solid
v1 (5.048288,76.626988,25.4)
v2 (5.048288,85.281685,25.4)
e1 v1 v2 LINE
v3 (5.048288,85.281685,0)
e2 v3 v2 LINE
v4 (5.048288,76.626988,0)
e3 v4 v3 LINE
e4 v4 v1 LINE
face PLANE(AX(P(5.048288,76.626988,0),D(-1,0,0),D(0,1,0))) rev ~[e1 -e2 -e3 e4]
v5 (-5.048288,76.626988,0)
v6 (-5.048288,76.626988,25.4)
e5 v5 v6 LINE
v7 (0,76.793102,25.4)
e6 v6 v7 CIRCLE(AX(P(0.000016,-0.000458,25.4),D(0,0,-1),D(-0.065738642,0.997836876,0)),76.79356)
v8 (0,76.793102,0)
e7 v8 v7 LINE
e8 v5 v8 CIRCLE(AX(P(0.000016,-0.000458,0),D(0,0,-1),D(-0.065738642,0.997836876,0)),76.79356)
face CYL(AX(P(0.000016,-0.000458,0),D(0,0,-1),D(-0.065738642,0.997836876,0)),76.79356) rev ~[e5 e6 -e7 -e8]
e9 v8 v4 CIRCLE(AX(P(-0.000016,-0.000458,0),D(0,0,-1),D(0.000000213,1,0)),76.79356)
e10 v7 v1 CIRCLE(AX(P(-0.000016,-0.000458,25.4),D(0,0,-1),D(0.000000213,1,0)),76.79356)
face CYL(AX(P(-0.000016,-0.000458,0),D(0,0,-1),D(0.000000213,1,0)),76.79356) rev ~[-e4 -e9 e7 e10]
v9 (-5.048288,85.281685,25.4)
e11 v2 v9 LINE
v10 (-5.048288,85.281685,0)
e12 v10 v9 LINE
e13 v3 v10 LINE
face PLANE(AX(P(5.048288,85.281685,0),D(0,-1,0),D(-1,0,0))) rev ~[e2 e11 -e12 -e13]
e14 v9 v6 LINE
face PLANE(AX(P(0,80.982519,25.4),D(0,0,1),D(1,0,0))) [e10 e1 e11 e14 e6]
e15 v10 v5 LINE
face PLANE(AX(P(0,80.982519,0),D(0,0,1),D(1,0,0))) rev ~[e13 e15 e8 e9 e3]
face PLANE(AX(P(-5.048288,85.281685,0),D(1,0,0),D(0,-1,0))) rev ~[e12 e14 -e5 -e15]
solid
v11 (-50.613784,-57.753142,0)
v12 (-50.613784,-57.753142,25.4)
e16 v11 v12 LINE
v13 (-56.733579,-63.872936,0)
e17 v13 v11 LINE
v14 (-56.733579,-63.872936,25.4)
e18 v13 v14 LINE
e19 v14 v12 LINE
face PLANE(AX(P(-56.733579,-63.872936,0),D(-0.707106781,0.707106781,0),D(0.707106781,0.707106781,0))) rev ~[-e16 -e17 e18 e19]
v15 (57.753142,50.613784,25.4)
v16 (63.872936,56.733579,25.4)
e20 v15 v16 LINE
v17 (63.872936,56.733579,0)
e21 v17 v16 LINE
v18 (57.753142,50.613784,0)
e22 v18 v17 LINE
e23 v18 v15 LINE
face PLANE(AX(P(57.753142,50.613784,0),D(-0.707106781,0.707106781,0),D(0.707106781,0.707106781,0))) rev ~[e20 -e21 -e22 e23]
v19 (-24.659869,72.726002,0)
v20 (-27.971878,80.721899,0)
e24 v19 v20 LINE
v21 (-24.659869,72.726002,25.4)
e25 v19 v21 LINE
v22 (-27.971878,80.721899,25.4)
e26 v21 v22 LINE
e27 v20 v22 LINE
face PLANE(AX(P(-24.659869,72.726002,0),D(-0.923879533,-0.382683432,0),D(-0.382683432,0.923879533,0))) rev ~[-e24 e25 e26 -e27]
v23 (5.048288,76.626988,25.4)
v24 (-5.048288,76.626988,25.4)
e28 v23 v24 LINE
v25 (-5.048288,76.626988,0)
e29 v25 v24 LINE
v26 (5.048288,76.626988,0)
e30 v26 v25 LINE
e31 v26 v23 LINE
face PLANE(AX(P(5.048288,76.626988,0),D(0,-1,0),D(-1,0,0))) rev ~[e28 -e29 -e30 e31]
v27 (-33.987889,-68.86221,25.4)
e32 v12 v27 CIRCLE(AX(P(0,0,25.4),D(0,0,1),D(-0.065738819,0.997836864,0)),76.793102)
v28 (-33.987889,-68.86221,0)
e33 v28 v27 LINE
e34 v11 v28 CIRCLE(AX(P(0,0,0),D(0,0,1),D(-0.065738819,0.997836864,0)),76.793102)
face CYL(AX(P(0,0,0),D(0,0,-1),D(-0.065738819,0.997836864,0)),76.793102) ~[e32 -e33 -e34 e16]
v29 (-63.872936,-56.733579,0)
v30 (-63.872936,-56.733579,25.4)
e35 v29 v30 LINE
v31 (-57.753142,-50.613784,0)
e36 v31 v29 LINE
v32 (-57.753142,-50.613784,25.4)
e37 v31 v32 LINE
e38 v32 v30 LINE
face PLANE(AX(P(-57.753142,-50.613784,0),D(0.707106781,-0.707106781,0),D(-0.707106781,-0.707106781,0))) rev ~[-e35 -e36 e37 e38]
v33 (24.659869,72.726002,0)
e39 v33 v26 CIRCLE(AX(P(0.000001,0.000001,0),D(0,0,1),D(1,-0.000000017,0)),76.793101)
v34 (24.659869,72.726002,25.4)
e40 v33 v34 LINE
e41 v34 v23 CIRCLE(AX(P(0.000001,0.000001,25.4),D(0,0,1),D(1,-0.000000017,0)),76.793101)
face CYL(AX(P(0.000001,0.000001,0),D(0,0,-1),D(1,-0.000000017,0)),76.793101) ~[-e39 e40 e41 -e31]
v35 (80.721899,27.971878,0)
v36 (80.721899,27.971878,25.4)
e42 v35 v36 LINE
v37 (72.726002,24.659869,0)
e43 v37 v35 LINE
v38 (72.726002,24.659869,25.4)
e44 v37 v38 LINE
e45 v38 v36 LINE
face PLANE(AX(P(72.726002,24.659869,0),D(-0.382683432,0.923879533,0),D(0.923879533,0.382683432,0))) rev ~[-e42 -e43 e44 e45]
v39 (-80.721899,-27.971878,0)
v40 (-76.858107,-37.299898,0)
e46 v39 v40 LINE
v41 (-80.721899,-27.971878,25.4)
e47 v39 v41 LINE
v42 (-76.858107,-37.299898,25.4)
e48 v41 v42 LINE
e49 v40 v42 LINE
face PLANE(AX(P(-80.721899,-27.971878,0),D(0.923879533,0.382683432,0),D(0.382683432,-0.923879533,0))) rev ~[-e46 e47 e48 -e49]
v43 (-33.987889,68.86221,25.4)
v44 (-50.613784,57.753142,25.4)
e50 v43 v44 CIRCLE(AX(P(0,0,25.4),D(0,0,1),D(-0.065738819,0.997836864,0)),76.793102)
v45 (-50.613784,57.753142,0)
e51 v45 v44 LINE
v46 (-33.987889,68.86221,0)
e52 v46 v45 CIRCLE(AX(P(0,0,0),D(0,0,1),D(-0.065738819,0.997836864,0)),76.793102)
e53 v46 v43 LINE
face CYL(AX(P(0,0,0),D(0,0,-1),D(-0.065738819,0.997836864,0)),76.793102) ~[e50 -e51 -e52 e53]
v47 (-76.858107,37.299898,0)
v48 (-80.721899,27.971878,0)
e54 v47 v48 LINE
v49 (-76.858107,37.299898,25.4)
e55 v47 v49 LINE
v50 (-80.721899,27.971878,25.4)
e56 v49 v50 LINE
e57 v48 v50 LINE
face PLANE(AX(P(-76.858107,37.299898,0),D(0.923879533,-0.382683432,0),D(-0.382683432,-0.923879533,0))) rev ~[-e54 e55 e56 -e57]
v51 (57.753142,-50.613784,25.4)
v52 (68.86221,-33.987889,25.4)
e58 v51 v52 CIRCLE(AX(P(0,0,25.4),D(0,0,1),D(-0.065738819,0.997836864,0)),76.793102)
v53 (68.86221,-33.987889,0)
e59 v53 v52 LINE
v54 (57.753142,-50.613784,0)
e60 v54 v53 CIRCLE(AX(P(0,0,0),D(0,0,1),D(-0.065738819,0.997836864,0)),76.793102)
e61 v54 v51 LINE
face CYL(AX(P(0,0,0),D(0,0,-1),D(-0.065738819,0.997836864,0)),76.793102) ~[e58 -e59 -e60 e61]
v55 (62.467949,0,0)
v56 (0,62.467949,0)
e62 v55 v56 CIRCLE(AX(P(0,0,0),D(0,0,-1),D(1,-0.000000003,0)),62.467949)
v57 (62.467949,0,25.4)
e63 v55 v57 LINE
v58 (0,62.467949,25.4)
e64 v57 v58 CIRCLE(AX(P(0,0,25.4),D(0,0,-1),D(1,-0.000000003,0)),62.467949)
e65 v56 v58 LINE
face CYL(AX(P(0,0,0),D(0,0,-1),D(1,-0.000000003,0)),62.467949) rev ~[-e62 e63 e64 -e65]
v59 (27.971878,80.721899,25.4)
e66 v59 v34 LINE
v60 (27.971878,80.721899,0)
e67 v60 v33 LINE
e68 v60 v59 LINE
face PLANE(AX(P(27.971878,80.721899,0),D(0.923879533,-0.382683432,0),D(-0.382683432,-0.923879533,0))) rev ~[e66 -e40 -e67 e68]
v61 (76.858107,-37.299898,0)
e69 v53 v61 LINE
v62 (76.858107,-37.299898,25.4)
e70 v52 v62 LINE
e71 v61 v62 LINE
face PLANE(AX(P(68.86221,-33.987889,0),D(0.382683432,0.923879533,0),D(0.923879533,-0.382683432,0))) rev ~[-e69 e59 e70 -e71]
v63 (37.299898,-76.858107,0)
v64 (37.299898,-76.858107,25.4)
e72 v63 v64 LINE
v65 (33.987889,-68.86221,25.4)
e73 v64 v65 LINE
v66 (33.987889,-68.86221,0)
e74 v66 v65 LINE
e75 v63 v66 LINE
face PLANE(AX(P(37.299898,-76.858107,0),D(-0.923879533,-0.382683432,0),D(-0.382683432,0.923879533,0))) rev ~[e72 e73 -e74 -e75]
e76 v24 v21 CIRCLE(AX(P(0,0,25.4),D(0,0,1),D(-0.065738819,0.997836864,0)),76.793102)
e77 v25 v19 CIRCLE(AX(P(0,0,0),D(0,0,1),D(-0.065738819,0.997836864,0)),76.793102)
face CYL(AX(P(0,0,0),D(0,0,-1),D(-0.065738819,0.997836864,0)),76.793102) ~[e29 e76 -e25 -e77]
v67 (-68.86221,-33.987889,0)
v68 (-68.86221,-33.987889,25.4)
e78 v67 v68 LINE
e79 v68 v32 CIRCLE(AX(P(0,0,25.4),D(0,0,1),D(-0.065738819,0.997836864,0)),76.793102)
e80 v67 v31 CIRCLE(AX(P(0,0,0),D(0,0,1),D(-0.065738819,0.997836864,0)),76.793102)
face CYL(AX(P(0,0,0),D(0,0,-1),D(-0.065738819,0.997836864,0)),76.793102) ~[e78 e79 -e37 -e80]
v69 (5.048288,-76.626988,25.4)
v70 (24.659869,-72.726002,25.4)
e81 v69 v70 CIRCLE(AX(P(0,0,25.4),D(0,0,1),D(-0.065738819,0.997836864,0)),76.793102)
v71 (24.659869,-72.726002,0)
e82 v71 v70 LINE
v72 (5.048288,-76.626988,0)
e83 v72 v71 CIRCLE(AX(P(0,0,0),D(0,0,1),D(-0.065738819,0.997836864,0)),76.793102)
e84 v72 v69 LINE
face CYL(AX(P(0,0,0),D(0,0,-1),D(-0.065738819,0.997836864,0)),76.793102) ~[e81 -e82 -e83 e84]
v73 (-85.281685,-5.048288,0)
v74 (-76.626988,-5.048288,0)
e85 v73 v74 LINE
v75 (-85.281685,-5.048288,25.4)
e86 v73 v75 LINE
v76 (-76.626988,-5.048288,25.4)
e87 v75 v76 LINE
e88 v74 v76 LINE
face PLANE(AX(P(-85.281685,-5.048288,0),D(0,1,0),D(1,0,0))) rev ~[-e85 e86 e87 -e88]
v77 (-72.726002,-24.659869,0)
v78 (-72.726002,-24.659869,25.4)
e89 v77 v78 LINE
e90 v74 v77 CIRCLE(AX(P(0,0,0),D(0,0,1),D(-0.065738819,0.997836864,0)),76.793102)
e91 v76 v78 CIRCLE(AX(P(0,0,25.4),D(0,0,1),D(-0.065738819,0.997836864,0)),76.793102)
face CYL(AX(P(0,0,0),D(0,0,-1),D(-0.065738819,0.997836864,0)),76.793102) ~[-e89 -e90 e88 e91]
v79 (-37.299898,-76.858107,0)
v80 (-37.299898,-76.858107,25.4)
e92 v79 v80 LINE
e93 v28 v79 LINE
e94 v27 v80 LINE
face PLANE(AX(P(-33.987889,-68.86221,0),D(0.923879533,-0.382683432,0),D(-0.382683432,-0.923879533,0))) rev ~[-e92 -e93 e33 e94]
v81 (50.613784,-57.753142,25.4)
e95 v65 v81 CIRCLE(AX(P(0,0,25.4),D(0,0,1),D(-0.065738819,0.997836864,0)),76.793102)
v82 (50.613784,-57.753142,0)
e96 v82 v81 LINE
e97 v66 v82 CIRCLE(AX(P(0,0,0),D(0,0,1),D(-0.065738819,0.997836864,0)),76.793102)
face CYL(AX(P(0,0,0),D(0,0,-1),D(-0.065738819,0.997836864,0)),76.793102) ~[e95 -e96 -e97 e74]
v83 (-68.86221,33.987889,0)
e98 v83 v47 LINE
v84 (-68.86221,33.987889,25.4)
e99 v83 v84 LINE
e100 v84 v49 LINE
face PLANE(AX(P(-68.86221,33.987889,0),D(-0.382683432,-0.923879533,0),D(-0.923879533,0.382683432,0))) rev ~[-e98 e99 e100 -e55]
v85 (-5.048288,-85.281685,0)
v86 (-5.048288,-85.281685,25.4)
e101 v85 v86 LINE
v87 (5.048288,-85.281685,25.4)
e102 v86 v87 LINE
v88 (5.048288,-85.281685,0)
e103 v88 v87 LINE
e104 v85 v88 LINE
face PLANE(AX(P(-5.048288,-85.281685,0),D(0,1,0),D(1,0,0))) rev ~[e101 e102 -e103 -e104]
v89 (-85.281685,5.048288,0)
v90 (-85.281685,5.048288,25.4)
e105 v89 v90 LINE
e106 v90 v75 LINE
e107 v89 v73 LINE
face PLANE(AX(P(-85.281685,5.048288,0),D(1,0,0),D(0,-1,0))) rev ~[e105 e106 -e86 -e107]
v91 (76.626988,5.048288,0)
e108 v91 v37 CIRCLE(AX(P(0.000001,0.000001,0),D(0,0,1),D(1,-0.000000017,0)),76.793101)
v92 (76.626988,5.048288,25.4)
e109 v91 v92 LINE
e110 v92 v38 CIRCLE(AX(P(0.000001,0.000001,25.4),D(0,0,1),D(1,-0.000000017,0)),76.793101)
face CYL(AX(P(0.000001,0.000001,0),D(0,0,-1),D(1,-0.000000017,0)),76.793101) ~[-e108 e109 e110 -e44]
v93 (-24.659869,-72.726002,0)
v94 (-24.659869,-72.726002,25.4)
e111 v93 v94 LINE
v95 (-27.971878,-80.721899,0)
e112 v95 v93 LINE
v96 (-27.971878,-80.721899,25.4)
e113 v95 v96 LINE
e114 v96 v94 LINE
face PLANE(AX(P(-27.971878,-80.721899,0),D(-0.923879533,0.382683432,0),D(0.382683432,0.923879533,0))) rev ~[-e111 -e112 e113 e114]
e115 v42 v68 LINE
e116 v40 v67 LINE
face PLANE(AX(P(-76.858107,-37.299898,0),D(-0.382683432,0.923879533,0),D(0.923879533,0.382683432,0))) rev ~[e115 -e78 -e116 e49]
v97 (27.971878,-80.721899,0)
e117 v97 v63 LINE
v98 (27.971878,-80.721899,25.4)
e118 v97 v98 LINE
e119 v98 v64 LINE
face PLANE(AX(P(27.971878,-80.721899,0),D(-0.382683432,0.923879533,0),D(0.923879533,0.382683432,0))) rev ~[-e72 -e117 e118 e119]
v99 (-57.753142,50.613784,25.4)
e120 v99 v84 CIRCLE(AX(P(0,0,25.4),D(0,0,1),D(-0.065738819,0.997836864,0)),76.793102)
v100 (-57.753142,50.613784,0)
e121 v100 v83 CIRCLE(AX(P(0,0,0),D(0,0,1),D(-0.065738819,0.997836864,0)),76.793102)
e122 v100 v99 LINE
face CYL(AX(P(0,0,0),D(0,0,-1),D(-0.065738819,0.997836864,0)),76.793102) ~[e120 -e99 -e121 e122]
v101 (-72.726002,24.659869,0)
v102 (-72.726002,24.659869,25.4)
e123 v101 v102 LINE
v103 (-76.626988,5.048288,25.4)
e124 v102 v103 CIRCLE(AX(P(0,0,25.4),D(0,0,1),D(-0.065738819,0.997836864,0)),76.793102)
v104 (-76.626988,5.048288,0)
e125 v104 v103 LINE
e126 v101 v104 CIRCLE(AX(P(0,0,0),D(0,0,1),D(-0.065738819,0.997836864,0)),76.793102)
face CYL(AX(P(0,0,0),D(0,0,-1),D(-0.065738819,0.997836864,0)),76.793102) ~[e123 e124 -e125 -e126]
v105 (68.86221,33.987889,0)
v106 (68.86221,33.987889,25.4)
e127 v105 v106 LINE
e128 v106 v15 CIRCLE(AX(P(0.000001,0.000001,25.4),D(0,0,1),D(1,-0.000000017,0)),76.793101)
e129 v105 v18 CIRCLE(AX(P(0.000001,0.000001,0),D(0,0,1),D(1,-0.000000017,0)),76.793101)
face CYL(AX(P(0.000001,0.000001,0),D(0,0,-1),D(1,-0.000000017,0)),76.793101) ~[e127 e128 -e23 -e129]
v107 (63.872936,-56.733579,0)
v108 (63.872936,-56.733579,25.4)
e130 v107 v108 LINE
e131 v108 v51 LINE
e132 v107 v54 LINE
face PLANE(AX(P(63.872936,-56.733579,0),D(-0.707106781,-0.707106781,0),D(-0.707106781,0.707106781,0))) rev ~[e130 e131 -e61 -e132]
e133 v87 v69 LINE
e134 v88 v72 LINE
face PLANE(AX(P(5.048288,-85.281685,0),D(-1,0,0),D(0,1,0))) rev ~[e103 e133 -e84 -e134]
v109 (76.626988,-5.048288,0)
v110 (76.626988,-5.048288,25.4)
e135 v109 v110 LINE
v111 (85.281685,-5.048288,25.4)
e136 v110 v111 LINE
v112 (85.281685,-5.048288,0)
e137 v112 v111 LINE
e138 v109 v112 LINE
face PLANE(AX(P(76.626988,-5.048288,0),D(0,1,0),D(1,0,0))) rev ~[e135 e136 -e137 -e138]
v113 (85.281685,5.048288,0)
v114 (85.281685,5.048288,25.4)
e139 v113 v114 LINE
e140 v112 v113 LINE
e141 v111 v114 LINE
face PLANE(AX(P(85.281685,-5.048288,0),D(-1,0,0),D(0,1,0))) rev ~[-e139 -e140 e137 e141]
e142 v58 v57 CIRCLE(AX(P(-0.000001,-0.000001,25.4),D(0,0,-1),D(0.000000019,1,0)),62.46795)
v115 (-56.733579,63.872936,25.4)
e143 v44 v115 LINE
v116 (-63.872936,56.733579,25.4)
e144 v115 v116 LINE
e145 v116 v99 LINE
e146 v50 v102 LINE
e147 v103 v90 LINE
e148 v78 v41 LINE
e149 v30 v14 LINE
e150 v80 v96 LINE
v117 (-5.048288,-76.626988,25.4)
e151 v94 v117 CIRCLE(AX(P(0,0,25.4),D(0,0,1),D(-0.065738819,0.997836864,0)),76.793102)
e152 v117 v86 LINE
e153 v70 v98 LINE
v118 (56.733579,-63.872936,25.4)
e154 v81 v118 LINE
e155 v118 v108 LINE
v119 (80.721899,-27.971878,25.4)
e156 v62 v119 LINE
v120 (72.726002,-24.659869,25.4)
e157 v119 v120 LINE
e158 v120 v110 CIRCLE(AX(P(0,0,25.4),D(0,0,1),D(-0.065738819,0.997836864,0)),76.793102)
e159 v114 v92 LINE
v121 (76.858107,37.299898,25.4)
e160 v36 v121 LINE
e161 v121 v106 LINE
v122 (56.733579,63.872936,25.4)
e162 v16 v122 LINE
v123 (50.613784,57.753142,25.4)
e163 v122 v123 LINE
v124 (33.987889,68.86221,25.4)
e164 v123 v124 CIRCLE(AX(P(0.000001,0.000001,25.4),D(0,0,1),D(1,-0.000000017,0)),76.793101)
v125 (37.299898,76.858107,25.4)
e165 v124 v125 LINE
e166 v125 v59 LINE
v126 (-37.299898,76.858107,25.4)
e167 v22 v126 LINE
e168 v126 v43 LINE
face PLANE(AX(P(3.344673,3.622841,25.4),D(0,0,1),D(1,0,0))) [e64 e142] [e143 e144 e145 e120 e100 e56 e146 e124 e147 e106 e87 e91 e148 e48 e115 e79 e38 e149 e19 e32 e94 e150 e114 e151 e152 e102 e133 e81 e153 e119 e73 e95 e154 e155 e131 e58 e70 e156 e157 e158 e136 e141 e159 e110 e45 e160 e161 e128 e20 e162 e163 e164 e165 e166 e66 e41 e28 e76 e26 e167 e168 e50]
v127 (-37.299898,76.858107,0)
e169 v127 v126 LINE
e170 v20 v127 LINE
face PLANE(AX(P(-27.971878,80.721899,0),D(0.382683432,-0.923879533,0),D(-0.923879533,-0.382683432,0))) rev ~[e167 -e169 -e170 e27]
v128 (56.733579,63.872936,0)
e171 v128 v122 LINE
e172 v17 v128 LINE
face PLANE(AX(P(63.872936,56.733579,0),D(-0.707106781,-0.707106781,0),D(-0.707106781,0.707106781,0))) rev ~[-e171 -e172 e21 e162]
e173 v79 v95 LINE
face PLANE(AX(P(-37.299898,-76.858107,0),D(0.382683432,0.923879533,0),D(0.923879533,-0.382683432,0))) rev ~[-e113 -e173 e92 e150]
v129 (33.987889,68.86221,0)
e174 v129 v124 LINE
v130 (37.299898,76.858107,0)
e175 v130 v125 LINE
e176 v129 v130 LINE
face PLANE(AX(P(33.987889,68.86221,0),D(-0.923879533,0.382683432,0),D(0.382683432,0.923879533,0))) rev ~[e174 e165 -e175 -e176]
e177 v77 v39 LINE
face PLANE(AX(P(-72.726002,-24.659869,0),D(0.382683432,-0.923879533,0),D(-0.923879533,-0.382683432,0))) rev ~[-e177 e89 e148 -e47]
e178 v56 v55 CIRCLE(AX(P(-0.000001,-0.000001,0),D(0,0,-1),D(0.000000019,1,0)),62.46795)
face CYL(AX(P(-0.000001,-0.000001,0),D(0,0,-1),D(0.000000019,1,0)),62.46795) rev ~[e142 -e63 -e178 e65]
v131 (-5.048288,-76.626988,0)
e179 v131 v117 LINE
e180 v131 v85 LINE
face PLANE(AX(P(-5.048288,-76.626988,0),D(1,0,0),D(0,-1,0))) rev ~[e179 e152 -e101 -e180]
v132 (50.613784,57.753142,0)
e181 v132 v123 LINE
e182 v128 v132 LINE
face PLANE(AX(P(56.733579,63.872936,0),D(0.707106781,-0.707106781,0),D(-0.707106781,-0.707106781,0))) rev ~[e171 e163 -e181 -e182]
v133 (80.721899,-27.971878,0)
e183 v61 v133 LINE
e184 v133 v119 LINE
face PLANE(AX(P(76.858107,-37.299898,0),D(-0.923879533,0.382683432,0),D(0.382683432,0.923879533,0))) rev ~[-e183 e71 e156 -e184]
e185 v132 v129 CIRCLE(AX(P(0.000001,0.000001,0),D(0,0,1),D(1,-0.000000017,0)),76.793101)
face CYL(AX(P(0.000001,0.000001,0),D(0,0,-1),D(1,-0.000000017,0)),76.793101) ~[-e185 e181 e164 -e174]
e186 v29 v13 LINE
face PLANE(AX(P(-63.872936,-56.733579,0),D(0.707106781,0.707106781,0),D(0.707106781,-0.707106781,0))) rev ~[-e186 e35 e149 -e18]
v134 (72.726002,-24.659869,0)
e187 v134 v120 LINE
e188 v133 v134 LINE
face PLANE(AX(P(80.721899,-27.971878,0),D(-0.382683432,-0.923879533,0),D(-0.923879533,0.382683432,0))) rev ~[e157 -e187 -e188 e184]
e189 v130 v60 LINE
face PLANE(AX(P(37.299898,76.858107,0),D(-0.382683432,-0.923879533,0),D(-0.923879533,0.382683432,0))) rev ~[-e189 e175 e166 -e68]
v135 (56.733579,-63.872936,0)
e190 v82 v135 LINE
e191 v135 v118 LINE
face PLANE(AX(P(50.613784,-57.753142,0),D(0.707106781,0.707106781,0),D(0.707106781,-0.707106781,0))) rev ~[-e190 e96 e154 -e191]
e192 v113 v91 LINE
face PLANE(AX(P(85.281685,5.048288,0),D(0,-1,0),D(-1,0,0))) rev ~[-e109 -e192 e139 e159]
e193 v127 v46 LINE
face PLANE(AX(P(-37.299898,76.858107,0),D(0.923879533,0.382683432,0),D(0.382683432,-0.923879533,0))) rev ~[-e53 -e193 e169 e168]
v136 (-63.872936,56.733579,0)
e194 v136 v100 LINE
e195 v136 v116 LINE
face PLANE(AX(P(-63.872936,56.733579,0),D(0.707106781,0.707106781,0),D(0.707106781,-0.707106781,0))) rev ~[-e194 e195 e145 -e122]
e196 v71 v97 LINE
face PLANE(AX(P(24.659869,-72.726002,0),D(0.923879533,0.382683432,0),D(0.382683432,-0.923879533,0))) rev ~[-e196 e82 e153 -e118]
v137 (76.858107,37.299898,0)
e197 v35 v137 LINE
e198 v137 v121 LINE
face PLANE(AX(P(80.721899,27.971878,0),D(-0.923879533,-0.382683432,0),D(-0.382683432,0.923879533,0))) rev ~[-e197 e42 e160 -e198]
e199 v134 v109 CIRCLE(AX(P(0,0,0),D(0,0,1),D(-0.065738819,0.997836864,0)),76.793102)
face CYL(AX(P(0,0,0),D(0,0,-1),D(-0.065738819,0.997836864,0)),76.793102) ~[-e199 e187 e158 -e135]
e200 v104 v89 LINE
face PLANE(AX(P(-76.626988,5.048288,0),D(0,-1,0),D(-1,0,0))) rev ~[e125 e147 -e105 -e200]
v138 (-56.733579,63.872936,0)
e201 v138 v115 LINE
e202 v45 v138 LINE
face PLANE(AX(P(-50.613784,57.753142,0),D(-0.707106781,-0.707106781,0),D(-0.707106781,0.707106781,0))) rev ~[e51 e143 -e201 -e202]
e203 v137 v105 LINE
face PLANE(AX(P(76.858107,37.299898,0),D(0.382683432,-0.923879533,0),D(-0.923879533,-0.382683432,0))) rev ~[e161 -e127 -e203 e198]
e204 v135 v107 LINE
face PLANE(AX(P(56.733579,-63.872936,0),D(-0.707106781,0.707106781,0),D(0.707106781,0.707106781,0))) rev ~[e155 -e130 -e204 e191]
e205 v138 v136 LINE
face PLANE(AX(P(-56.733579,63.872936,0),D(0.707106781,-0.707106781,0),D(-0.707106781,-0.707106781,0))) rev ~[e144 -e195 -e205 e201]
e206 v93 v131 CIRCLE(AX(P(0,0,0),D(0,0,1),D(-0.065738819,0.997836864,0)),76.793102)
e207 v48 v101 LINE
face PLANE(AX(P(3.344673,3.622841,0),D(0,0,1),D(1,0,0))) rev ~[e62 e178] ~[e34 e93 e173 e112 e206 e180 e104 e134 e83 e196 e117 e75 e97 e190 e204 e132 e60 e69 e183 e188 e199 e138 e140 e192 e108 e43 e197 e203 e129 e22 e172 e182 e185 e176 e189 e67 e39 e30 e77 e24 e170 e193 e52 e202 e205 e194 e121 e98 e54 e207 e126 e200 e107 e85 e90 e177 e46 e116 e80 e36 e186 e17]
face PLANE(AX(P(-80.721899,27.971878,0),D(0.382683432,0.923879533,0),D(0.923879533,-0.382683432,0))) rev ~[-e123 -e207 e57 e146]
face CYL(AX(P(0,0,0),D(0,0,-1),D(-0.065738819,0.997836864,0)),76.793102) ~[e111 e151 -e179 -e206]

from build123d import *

# Parameters (mm, degrees)
F1_DEPTH = 25.4
F2_COUNT = 16
F3_DEPTH = 25.4


with BuildPart() as f1:
    # F0 (on Top) → F1 (new body)
    with BuildSketch(Plane.XY):
        with BuildLine():
            ThreePointArc((0, 76.793102), (2.52551, 76.751562), (5.048288, 76.626988))
            Line((5.048288, 76.626988), (5.048288, 85.281685))
            Line((5.048288, 85.281685), (0, 85.281685))
            Line((0, 85.281685), (-5.048288, 85.281685))
            Line((-5.048288, 85.281685), (-5.048288, 76.626988))
            ThreePointArc((-5.048288, 76.626988), (-2.52551, 76.751562), (0, 76.793102))
        make_face()
    extrude(amount=F1_DEPTH)



with BuildPart() as f2_1:
    # F2: instance of F1
    add(f1.part.rotate(Axis((0, 0, 0), (0, 0, -1)), 1 * 360 / F2_COUNT))


with BuildPart() as f2_2:
    # F2: instance of F1
    add(f1.part.rotate(Axis((0, 0, 0), (0, 0, -1)), 2 * 360 / F2_COUNT))


with BuildPart() as f2_3:
    # F2: instance of F1
    add(f1.part.rotate(Axis((0, 0, 0), (0, 0, -1)), 3 * 360 / F2_COUNT))


with BuildPart() as f2_4:
    # F2: instance of F1
    add(f1.part.rotate(Axis((0, 0, 0), (0, 0, -1)), 4 * 360 / F2_COUNT))


with BuildPart() as f2_5:
    # F2: instance of F1
    add(f1.part.rotate(Axis((0, 0, 0), (0, 0, -1)), 5 * 360 / F2_COUNT))


with BuildPart() as f2_6:
    # F2: instance of F1
    add(f1.part.rotate(Axis((0, 0, 0), (0, 0, -1)), 6 * 360 / F2_COUNT))


with BuildPart() as f2_7:
    # F2: instance of F1
    add(f1.part.rotate(Axis((0, 0, 0), (0, 0, -1)), 7 * 360 / F2_COUNT))


with BuildPart() as f2_8:
    # F2: instance of F1
    add(f1.part.rotate(Axis((0, 0, 0), (0, 0, -1)), 8 * 360 / F2_COUNT))


with BuildPart() as f2_9:
    # F2: instance of F1
    add(f1.part.rotate(Axis((0, 0, 0), (0, 0, -1)), 9 * 360 / F2_COUNT))


with BuildPart() as f2_10:
    # F2: instance of F1
    add(f1.part.rotate(Axis((0, 0, 0), (0, 0, -1)), 10 * 360 / F2_COUNT))


with BuildPart() as f2_11:
    # F2: instance of F1
    add(f1.part.rotate(Axis((0, 0, 0), (0, 0, -1)), 11 * 360 / F2_COUNT))


with BuildPart() as f2_12:
    # F2: instance of F1
    add(f1.part.rotate(Axis((0, 0, 0), (0, 0, -1)), 12 * 360 / F2_COUNT))


with BuildPart() as f2_13:
    # F2: instance of F1
    add(f1.part.rotate(Axis((0, 0, 0), (0, 0, -1)), 13 * 360 / F2_COUNT))


with BuildPart() as f2_14:
    # F2: instance of F1
    add(f1.part.rotate(Axis((0, 0, 0), (0, 0, -1)), 14 * 360 / F2_COUNT))


with BuildPart() as f2_15:
    # F2: instance of F1
    add(f1.part.rotate(Axis((0, 0, 0), (0, 0, -1)), 15 * 360 / F2_COUNT))


with BuildPart() as f1_1:
    add(f1.part)

    add(f2_1.part)  # F3 merges F2_1

    add(f2_2.part)  # F3 merges F2_2

    add(f2_3.part)  # F3 merges F2_3

    add(f2_4.part)  # F3 merges F2_4

    add(f2_5.part)  # F3 merges F2_5

    add(f2_6.part)  # F3 merges F2_6

    add(f2_7.part)  # F3 merges F2_7

    add(f2_8.part)  # F3 merges F2_8

    add(f2_9.part)  # F3 merges F2_9

    add(f2_10.part)  # F3 merges F2_10

    add(f2_11.part)  # F3 merges F2_11

    add(f2_12.part)  # F3 merges F2_12

    add(f2_13.part)  # F3 merges F2_13

    add(f2_14.part)  # F3 merges F2_14

    add(f2_15.part)  # F3 merges F2_15
    # F0 (on Top) → F3 (join)
    with BuildSketch(Plane.XY):
        with BuildLine():
            ThreePointArc((-5.048288, 76.626988), (-52.485745, -56.057356), (76.793102, 0))
            ThreePointArc((76.793102, 0), (56.057356, 52.485745), (5.048288, 76.626988))
            Line((5.048288, 76.626988), (0, 76.626988))
            Line((0, 76.626988), (-5.048288, 76.626988))
        make_face()
        with BuildLine():
            ThreePointArc((62.467949, 0), (-44.17151, -44.17151), (0, 62.467949))
            ThreePointArc((0, 62.467949), (44.17151, 44.17151), (62.467949, 0))
        make_face(mode=Mode.SUBTRACT)
    extrude(amount=F3_DEPTH)


solid = f1_1.part
